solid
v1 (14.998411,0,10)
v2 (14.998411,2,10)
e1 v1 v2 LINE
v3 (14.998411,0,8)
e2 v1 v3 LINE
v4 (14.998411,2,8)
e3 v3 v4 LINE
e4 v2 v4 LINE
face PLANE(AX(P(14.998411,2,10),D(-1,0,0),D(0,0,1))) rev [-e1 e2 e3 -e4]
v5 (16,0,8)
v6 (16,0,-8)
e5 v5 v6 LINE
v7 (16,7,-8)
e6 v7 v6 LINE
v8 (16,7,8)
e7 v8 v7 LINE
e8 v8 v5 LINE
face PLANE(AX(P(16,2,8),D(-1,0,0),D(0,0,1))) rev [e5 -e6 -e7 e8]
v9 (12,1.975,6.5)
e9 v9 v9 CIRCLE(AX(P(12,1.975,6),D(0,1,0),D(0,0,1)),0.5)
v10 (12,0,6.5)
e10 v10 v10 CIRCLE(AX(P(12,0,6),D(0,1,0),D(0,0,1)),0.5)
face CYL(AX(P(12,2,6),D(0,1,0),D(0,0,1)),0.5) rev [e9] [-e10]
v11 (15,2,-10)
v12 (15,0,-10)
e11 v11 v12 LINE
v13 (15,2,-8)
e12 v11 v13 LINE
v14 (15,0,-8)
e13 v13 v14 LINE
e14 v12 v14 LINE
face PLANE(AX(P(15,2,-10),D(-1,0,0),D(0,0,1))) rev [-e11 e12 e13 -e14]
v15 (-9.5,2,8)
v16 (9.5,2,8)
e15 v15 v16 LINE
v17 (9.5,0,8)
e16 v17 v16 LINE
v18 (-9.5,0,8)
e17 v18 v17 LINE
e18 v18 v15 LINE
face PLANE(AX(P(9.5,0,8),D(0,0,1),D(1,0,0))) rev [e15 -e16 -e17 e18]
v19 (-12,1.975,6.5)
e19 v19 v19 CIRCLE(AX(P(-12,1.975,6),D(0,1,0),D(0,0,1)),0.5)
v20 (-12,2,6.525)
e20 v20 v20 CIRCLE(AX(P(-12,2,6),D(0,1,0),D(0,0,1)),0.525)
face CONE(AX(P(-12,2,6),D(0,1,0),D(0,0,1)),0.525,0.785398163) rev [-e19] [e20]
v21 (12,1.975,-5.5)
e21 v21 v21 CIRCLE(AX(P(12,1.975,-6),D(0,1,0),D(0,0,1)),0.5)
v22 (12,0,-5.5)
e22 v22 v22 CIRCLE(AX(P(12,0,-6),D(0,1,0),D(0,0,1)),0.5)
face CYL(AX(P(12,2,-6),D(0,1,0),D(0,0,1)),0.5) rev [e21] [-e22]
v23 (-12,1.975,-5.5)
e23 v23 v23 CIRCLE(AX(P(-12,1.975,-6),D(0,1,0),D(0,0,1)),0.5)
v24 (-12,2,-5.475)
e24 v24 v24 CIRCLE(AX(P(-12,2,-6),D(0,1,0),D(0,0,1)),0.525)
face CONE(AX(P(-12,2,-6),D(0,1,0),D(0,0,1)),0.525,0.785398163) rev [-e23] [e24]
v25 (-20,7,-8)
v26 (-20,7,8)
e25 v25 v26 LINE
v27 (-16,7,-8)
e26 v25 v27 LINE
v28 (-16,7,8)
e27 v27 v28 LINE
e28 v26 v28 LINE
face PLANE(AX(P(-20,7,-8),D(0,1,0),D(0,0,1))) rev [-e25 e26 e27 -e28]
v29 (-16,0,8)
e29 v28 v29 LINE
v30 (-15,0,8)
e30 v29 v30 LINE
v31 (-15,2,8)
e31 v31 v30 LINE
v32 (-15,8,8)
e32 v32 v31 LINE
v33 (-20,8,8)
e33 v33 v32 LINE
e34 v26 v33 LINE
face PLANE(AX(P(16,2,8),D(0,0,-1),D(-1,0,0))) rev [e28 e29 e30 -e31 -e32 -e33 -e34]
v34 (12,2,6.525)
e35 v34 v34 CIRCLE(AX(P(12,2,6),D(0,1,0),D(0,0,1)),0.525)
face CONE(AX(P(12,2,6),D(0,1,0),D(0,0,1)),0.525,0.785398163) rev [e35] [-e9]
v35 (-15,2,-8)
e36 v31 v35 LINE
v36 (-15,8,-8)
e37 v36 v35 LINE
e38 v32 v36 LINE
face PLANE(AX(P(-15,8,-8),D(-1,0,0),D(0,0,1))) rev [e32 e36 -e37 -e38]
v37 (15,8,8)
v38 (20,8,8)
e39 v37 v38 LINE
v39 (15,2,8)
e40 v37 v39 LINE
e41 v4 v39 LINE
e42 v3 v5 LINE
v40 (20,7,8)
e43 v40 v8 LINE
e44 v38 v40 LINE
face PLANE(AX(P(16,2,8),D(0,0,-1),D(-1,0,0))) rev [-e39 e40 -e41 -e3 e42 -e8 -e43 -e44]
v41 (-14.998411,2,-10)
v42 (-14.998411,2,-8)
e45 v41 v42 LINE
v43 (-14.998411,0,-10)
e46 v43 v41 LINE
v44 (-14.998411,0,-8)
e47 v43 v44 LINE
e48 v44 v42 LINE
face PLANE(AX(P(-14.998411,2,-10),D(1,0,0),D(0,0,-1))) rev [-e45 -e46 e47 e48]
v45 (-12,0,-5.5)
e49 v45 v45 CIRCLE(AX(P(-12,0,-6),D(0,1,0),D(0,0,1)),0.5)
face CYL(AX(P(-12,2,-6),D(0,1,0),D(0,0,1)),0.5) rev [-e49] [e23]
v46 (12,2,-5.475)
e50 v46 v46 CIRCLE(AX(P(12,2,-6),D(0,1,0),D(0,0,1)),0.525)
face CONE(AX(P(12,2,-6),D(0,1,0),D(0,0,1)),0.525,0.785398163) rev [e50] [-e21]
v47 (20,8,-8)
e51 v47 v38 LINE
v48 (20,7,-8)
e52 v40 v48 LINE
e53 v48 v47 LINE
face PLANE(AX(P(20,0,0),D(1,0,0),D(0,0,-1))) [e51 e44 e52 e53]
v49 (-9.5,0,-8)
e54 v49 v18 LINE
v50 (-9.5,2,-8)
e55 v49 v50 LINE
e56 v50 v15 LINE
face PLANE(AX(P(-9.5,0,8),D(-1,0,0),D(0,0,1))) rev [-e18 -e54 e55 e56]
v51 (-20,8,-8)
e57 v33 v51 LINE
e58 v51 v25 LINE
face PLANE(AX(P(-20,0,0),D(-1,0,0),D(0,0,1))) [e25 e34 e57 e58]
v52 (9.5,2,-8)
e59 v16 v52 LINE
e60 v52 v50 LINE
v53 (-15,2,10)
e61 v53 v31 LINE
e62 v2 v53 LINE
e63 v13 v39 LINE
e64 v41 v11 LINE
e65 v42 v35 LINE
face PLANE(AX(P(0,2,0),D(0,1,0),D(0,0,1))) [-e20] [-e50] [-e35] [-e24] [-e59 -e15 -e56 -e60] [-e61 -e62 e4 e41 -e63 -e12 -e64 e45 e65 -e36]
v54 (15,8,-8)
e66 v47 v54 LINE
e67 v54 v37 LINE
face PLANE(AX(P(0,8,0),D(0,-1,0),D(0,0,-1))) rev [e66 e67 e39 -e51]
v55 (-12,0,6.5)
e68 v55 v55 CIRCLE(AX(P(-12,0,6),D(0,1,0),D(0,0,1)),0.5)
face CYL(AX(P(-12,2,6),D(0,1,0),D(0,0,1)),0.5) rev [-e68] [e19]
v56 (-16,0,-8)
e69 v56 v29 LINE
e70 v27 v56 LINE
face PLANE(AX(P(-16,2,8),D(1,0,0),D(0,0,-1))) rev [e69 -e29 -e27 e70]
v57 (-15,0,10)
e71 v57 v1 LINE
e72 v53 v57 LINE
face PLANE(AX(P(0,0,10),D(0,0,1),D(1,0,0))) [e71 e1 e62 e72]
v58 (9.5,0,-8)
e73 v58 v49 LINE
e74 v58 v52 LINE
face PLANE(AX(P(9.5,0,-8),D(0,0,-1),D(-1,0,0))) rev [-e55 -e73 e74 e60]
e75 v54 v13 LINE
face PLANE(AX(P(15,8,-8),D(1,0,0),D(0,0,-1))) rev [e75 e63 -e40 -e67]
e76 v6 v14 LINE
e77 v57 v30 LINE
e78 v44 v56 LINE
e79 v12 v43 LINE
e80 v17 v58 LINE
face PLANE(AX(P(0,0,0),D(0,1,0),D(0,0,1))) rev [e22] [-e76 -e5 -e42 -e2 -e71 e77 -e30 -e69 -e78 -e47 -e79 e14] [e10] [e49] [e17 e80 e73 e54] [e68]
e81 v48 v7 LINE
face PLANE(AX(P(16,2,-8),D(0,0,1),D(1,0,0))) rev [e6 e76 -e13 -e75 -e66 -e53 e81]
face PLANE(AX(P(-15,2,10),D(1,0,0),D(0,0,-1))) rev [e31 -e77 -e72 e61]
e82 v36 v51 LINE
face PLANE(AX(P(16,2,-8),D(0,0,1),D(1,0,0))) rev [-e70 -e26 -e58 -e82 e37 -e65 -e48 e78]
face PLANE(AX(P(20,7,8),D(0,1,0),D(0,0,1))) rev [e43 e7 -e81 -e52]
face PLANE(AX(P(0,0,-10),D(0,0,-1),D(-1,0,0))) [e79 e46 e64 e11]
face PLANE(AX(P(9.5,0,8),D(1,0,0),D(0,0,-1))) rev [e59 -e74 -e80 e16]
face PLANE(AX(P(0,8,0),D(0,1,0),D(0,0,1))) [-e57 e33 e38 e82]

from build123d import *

# Parameters (mm, degrees)
SKETCH_1_W                      = 32
SKETCH_1_H                      = 16
EXTRUDE_1_DEPTH                 = 2
SKETCH_2_W                      = 1
SKETCH_2_H                      = 16
EXTRUDE_2_DEPTH                 = 6
SKETCH_3_W                      = 1
SKETCH_3_H                      = 16
EXTRUDE_3_DEPTH                 = 6
SKETCH_4_W                      = 16
SKETCH_4_H                      = 1
EXTRUDE_4_DEPTH                 = 4
SKETCH_5_W                      = 16
SKETCH_5_H                      = 1
EXTRUDE_5_DEPTH                 = 4
HOLE_WIZARD_1_0_1_1_D           = 1
HOLE_WIZARD_1_0_1_1_CSINK_D     = 1.05
HOLE_WIZARD_1_0_1_1_CSINK_ANGLE = 90
SKETCH_14_W                     = 29.99841147
SKETCH_14_H                     = 2
EXTRUDE_6_DEPTH                 = 2
SKETCH_15_W                     = 29.99841147
SKETCH_15_H                     = 2
EXTRUDE_7_DEPTH                 = 2
SKETCH_16_W                     = 19
SKETCH_16_H                     = 16
CUT_EXTRUDE_1_DEPTH             = 2


with BuildPart() as part:
    # 草图1 → 凸台-拉伸1 (new body)
    with BuildSketch(Plane(origin=(0, 0, 0), x_dir=(1, 0, 0), z_dir=(0, 1, 0))):
        Rectangle(SKETCH_1_W, SKETCH_1_H)
    extrude(amount=EXTRUDE_1_DEPTH)

    # 草图2 → 凸台-拉伸2 (add)
    with BuildSketch(Plane(origin=(0, 2, 0), x_dir=(1, 0, 0), z_dir=(0, 1, 0))):
        with Locations((-15.5, 0)):
            Rectangle(SKETCH_2_W, SKETCH_2_H)
    extrude(amount=EXTRUDE_2_DEPTH)

    # 草图3 → 凸台-拉伸3 (add)
    with BuildSketch(Plane(origin=(0, 2, 0), x_dir=(1, 0, 0), z_dir=(0, 1, 0))):
        with Locations((15.5, 0)):
            Rectangle(SKETCH_3_W, SKETCH_3_H)
    extrude(amount=EXTRUDE_3_DEPTH)

    # 草图4 → 凸台-拉伸4 (add)
    with BuildSketch(Plane.ZY.offset(16)):
        with Locations((0, 7.5)):
            Rectangle(SKETCH_4_W, SKETCH_4_H)
    extrude(amount=EXTRUDE_4_DEPTH)

    # 草图5 → 凸台-拉伸5 (add)
    with BuildSketch(Plane(origin=(16, 0, 0), x_dir=(0, 0, -1), z_dir=(1, 0, 0))):
        with Locations((0, 7.5)):
            Rectangle(SKETCH_5_W, SKETCH_5_H)
    extrude(amount=EXTRUDE_5_DEPTH)

    # Ø1.0 (1) 直径孔1 (through all)
    with Locations(Plane(origin=(0, 2, 0), x_dir=(1, 0, 0), z_dir=(0, 1, 0))):
        with Locations((-12, 6), (-12, -6), (12, -6), (12, 6)):
            CounterSinkHole(HOLE_WIZARD_1_0_1_1_D / 2, HOLE_WIZARD_1_0_1_1_CSINK_D / 2, counter_sink_angle=HOLE_WIZARD_1_0_1_1_CSINK_ANGLE)

    # 草图14 → 凸台-拉伸6 (add)
    with BuildSketch(Plane(origin=(0, 0, -8), x_dir=(-1, 0, 0), z_dir=(0, 0, -1))):
        with Locations((-0.000794265, 1)):
            Rectangle(SKETCH_14_W, SKETCH_14_H)
    extrude(amount=EXTRUDE_6_DEPTH)

    # 草图15 → 凸台-拉伸7 (add)
    with BuildSketch(Plane.XY.offset(8)):
        with Locations((-0.000794265, 1)):
            Rectangle(SKETCH_15_W, SKETCH_15_H)
    extrude(amount=EXTRUDE_7_DEPTH)

    # 草图16 → 切除-拉伸1 (cut)
    with BuildSketch(Plane(origin=(0, 2, 0), x_dir=(1, 0, 0), z_dir=(0, 1, 0))):
        Rectangle(SKETCH_16_W, SKETCH_16_H)
    extrude(amount=-CUT_EXTRUDE_1_DEPTH, mode=Mode.SUBTRACT)


solid = part.part
